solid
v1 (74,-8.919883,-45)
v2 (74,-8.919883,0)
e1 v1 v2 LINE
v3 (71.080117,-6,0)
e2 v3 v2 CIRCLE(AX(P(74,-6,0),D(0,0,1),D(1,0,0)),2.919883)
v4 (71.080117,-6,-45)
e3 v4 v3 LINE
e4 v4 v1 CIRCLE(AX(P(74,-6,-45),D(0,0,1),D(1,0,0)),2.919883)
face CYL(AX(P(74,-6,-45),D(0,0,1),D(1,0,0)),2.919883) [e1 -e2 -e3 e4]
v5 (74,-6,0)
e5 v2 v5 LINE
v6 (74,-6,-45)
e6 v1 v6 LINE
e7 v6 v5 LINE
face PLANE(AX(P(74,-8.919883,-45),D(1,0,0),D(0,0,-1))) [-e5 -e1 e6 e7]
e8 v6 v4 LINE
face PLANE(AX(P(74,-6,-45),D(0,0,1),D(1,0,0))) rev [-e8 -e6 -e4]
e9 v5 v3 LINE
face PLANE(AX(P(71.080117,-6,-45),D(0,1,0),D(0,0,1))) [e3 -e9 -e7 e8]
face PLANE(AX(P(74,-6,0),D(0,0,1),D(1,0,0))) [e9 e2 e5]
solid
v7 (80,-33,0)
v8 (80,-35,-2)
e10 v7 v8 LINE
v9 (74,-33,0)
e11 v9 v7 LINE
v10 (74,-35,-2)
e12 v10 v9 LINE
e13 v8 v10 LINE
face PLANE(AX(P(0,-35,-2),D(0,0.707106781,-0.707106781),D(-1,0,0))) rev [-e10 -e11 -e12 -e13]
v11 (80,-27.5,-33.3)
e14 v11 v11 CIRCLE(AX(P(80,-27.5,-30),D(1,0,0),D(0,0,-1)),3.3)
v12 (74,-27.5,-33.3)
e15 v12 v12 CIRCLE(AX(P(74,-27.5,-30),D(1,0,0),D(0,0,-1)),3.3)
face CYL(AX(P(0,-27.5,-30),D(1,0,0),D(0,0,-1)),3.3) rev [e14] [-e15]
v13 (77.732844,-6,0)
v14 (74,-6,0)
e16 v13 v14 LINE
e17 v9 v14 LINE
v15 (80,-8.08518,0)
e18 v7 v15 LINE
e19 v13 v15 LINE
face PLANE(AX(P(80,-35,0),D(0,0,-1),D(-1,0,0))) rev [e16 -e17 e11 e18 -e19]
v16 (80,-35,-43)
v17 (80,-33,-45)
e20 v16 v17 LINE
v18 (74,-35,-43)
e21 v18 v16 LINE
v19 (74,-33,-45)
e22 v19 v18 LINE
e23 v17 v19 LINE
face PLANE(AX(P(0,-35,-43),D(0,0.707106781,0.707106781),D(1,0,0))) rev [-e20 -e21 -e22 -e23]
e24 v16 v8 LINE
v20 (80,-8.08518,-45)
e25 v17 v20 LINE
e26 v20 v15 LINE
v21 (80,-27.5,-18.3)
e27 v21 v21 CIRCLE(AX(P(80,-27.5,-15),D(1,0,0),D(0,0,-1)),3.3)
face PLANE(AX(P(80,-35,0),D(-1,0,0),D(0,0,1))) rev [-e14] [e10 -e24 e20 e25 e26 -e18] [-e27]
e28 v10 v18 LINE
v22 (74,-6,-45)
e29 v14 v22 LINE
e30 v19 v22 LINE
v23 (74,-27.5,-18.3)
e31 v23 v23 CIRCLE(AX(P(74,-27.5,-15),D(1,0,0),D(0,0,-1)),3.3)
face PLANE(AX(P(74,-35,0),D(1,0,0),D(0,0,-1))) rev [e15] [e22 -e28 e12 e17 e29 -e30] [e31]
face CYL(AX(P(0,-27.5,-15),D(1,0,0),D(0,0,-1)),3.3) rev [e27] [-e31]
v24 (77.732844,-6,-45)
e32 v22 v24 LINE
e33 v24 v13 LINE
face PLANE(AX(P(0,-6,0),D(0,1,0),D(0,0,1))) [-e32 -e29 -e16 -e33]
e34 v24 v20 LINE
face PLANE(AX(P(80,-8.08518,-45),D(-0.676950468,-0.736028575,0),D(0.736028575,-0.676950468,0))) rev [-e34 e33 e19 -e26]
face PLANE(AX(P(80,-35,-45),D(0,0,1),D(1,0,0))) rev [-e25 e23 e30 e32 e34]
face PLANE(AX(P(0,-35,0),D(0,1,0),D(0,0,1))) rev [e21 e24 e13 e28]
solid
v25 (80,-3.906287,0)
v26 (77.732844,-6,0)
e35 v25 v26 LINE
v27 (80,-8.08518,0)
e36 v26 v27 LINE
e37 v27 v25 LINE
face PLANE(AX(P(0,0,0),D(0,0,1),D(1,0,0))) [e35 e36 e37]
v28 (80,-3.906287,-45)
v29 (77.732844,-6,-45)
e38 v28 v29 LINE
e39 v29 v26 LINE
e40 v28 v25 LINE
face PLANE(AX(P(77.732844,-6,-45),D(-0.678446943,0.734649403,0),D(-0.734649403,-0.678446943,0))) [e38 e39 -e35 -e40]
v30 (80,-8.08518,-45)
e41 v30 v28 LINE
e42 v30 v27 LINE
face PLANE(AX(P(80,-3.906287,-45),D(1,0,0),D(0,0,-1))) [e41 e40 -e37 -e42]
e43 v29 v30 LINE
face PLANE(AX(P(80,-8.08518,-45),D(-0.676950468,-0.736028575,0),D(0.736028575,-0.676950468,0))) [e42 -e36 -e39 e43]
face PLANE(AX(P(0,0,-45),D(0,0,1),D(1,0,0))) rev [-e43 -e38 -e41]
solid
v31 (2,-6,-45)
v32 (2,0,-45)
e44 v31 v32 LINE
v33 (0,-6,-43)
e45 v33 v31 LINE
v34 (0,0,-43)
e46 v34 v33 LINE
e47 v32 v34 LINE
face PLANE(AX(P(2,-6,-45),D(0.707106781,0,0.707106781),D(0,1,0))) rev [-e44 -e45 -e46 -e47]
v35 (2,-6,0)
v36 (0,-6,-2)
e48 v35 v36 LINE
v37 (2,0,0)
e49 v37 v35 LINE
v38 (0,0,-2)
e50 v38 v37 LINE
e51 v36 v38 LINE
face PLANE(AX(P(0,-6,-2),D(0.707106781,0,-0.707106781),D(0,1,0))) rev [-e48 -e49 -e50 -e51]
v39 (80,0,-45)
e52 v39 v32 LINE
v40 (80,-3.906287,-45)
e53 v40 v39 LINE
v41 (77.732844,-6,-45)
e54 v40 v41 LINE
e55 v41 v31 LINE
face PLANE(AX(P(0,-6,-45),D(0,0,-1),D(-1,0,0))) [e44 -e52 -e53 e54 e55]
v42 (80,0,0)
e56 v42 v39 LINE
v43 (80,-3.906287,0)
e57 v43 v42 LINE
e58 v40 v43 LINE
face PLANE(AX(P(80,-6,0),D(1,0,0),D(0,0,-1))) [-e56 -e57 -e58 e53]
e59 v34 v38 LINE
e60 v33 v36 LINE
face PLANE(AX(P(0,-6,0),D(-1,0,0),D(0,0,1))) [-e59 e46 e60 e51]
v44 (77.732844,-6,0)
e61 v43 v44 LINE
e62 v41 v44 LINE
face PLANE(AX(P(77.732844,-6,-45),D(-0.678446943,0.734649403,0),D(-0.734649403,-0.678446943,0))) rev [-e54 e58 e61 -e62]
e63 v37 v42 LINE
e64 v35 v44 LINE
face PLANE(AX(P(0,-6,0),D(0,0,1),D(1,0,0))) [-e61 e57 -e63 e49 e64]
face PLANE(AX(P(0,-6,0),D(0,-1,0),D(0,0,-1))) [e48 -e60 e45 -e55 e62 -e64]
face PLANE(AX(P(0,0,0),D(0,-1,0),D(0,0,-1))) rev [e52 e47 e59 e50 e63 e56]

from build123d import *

# Parameters (mm, degrees)
SKETCH1_W             = 80
SKETCH1_H             = 45
BOSS_EXTRUDE1_DEPTH   = 6
CHAMFER1_SIZE         = 2
SKETCH2_W             = 6
SKETCH2_H             = 45
BOSS_EXTRUDE2_DEPTH   = 29
CUT_EXTRUDE1_DEPTH    = 99.234413522
BOSS_EXTRUDE3_DEPTH   = 45
BOSS_EXTRUDE3_2_DEPTH = 45
SKETCH6_R             = 3.3
CUT_EXTRUDE2_DEPTH    = 99.234413522
CHAMFER2_SIZE         = 2


with BuildPart() as part:
    # Sketch1 → Boss-Extrude1 (new body)
    with BuildSketch(Plane(origin=(0, 0, 0), x_dir=(1, 0, 0), z_dir=(0, 1, 0))):
        with Locations((40, 22.5)):
            Rectangle(SKETCH1_W, SKETCH1_H)
    extrude(amount=-BOSS_EXTRUDE1_DEPTH)

    # Chamfer1
    chamfer1_edges = [part.edges().sort_by_distance(p)[0] for p in [
        (0, -3, -45),
        (0, -3, 0),
    ]]
    chamfer(chamfer1_edges, length=CHAMFER1_SIZE)


with BuildPart() as body_2:
    # Sketch2 → Boss-Extrude2 (new body)
    with BuildSketch(Plane.XZ.offset(6)):
        with Locations((77, -22.5)):
            Rectangle(SKETCH2_W, SKETCH2_H)
    extrude(amount=BOSS_EXTRUDE2_DEPTH)


with BuildPart() as cut_extrude1_tool:
    # Sketch4 → Cut-Extrude1 (new, through all)
    with BuildSketch(Plane.XY):
        with BuildLine():
            Line((74, -8.919882898), (74, -6))
            Line((74, -6), (71.080117102, -6))
            ThreePointArc((71.080117102, -6), (71.935331002, -8.064668998), (74, -8.919882898))
        make_face()
        Polygon((80, -3.906286882), (80, -8.085180387), (77.73284395, -6), align=None)
    extrude(amount=-CUT_EXTRUDE1_DEPTH)


with BuildPart() as part_1:
    add(part.part)

    # Cut-Extrude1: cut by cut_extrude1_tool
    add(cut_extrude1_tool.part, mode=Mode.SUBTRACT)


with BuildPart() as body_2_1:
    add(body_2.part)

    # Cut-Extrude1: cut by cut_extrude1_tool
    add(cut_extrude1_tool.part, mode=Mode.SUBTRACT)

    # Sketch6 → Cut-Extrude2 (cut, through all)
    with BuildSketch(Plane(origin=(80, 0, 0), x_dir=(0, 0, -1), z_dir=(1, 0, 0))):
        with Locations((15, -27.5)):
            Circle(SKETCH6_R)
        with Locations((30, -27.5)):
            Circle(SKETCH6_R)
    extrude(amount=-CUT_EXTRUDE2_DEPTH, mode=Mode.SUBTRACT)

    # Chamfer2
    chamfer2_edges = [body_2_1.edges().sort_by_distance(p)[0] for p in [
        (77, -35, -45),
        (77, -35, 0),
    ]]
    chamfer(chamfer2_edges, length=CHAMFER2_SIZE)


with BuildPart() as body_3:
    # Sketch4<2> → Boss-Extrude3 (new, through all)
    with BuildSketch(Plane.XY):
        with BuildLine():
            Line((74, -8.919882898), (74, -6))
            Line((74, -6), (71.080117102, -6))
            ThreePointArc((71.080117102, -6), (71.935331002, -8.064668998), (74, -8.919882898))
        make_face()
    extrude(amount=-BOSS_EXTRUDE3_DEPTH)


with BuildPart() as body_4:
    # Sketch4<2> → Boss-Extrude3 2 (new, through all)
    with BuildSketch(Plane.XY):
        Polygon((80, -3.906286882), (80, -8.085180387), (77.73284395, -6), align=None)
    extrude(amount=-BOSS_EXTRUDE3_2_DEPTH)


solid = Compound([part_1.part, body_2_1.part, body_3.part, body_4.part])
